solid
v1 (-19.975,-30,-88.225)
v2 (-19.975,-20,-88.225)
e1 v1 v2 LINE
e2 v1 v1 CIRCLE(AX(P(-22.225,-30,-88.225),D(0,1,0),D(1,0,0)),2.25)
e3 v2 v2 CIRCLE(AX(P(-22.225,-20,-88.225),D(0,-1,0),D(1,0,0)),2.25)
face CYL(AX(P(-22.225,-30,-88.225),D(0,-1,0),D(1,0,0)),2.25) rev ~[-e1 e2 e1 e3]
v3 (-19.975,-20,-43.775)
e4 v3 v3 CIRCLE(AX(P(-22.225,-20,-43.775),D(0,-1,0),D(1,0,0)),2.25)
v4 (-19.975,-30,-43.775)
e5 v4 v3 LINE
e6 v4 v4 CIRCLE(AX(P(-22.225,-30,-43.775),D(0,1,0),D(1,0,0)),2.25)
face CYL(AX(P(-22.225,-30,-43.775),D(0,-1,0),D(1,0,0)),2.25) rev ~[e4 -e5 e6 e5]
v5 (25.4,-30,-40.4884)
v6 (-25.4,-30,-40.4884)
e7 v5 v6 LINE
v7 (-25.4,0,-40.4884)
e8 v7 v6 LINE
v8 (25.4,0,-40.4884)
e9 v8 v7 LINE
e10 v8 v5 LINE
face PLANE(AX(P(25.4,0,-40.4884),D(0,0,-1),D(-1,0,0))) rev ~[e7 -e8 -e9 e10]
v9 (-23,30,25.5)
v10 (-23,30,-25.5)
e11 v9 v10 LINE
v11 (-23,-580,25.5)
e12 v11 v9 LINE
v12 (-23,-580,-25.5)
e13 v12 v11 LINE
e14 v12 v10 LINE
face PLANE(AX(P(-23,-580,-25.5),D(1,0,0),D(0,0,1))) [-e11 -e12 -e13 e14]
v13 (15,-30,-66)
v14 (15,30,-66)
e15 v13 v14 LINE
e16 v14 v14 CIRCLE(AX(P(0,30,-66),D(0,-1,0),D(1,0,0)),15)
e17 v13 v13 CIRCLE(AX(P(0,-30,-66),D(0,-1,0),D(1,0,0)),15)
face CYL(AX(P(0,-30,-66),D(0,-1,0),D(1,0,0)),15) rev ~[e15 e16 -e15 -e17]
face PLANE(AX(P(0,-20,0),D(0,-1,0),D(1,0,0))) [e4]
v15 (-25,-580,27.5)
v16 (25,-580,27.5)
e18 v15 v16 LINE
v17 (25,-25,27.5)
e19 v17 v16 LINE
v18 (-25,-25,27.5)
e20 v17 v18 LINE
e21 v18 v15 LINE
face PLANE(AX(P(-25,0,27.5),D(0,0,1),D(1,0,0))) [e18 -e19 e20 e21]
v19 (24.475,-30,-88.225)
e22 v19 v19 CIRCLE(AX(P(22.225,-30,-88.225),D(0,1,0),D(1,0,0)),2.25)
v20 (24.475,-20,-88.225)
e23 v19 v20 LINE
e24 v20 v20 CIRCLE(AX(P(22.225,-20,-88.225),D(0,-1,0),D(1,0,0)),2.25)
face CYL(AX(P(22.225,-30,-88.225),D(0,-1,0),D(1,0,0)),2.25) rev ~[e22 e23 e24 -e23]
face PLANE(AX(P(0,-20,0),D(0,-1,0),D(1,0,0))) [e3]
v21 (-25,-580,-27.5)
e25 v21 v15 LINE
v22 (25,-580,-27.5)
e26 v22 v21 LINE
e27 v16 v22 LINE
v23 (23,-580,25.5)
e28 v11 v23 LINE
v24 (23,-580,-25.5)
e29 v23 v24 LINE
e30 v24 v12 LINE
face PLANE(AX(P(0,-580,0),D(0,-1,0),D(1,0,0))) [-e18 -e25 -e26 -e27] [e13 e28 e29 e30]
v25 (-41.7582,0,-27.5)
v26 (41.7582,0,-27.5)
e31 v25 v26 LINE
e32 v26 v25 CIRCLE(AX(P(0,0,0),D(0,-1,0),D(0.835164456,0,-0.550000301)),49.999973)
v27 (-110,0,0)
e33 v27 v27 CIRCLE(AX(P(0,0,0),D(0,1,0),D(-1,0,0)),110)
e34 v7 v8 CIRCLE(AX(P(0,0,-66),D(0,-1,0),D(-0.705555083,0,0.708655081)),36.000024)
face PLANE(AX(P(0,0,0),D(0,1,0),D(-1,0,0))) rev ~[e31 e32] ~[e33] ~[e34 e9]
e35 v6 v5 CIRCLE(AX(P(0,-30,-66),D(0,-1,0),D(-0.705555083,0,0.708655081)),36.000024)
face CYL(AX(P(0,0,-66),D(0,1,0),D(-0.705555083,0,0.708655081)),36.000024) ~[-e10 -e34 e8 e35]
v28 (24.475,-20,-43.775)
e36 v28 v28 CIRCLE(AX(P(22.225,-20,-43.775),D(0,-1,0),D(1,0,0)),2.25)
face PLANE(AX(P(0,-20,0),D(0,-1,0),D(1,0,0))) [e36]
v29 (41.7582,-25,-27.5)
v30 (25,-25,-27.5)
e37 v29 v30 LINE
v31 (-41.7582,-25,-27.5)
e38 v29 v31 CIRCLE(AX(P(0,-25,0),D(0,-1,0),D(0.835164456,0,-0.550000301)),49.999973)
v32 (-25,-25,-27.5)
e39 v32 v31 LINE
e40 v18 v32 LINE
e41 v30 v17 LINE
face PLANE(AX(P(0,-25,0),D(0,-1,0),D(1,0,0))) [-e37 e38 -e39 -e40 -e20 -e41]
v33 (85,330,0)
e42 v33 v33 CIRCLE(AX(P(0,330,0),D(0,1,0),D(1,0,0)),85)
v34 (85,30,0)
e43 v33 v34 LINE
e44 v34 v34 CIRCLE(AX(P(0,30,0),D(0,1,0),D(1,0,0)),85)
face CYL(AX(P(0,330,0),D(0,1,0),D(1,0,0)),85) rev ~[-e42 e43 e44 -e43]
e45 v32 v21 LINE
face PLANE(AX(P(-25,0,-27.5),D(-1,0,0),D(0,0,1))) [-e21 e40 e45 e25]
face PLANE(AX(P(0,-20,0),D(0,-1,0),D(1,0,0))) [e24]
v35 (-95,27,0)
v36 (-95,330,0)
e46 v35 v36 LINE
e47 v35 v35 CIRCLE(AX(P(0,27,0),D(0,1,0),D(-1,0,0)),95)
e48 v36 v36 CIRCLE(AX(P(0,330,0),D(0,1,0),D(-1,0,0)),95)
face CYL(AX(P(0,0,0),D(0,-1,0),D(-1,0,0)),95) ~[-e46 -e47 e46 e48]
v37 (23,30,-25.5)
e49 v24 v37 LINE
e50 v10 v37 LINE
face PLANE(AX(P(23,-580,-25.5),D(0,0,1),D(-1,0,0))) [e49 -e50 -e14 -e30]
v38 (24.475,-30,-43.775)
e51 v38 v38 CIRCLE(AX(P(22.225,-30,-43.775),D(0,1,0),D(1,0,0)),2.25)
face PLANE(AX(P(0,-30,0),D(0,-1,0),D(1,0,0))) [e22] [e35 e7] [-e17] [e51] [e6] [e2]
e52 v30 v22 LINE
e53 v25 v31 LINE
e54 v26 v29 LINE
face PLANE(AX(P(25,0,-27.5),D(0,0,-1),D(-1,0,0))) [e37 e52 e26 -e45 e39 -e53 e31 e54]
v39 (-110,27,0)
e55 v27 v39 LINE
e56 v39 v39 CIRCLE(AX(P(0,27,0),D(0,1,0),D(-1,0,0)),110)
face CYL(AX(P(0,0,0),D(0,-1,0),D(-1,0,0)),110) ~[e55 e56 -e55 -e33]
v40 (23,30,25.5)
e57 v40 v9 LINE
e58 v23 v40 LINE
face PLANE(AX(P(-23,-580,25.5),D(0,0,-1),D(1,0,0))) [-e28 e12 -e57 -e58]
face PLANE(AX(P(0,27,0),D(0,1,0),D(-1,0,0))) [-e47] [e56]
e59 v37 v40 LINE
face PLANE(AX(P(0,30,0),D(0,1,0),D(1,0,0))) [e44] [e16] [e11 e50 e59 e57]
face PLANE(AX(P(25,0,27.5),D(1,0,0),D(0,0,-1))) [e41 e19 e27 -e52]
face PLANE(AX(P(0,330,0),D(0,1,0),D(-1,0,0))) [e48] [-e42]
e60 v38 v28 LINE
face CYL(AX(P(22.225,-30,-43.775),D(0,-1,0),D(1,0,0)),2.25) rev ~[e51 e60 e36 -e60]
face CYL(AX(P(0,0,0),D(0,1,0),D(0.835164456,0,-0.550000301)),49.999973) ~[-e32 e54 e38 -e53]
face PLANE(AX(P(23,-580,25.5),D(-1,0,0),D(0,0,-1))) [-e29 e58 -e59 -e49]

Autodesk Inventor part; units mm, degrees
ref_plane "YZ Plane" through (0, 0, 0) normal (1, 0, 0) x (0, 1, 0)
ref_plane "XZ Plane" through (0, 0, 0) normal (0, 1, 0) x (-1, 0, 0)
ref_plane "XY Plane" through (0, 0, 0) normal (0, 0, 1) x (1, 0, 0)
sketch "Sketch1" plane through (0, 0, 0) normal (0, 1, 0) x (-1, 0, 0)
  circle A0 centre (0, 0) radius 110
  circle A1 centre (0, 0) radius 95
  dimension "d0" = 220
  dimension "d1" = 190
extrude "Extrusion1" add sketch "Sketch1" along normal blind 330 contours A1
extrude "Extrusion2" add sketch "Sketch1" along normal blind 27
sketch "Sketch2" plane through (0, 330, 0) normal (0, 1, 0) x (1, 0, 0)
  circle A0 centre (0, 0) radius 85
  dimension "d6" = 170
extrude "Extrusion3" cut sketch "Sketch2" against normal blind 300
sketch "Sketch3" plane through (0, 0, 0) normal (0, -1, 0) x (1, 0, 0)
  arc A0 (-25.4, -40.4884) -> (25.4, -40.4884) centre (0, -66) ccw
  circle A1 centre (0, 0) radius 110 projected
  line L0 (25.4, -40.4884) -> (-25.4, -40.4884)
  line L1 (25, -27.5) -> (-25, -27.5)
  line L2 (-25, -27.5) -> (-25, 27.5)
  line L3 (-25, 27.5) -> (25, 27.5)
  line L4 (25, 27.5) -> (25, -27.5)
  line L5 (25, -27.5) -> (-25, 27.5) construction
  line L6 (-25, -27.5) -> (25, 27.5) construction
  arc A2 (41.7582, -27.5) -> (-41.7582, -27.5) centre (0, 0) ccw
  line L7 (25, -27.5) -> (41.7582, -27.5)
  line L8 (-25, -27.5) -> (-41.7582, -27.5)
  dimension "d9" = 72
  dimension "d10" = 66
  dimension "d11" = 50
  dimension "d12" = 55
  dimension "d13" = 100
extrude "Extrusion4" add sketch "Sketch3" along normal blind 25 contours L1 L2 L3 L4 | L4 L3 L2 L8 A2 L7
extrude "Extrusion5" add sketch "Sketch3" along normal blind 580 contours L1 L2 L3 L4
extrude "Extrusion6" add sketch "Sketch3" along normal blind 30 contours L0 A0
sketch "Sketch4" plane through (0, -580, 0) normal (0, -1, 0) x (1, 0, 0)
  line L0 (-25, 27.5) -> (25, 27.5) projected
  line L1 (-25, -27.5) -> (25, -27.5)
  line L2 (25, -27.5) -> (25, 27.5)
  line L3 (25, 27.5) -> (-25, 27.5)
  line L4 (-25, 27.5) -> (-25, -27.5)
  line L5 (-25, -27.5) -> (25, 27.5) construction
  line L6 (25, -27.5) -> (-25, 27.5) construction
  line L7 (23, 25.5) -> (23, -25.5)
  line L8 (23, -25.5) -> (-23, -25.5)
  line L9 (-23, -25.5) -> (-23, 25.5)
  line L10 (-23, 25.5) -> (23, 25.5)
  point P0 (0, 0)
  dimension "d20" = 2
extrude "Extrusion7" cut sketch "Sketch4" against normal through all contours L7 L8 L9 L10
sketch "Sketch5" plane through (0, -30, 0) normal (0, -1, 0) x (1, 0, 0)
  arc A0 (-25.4, -40.4884) -> (25.4, -40.4884) centre (0, -66) ccw projected
  circle A1 centre (0, -66) radius 36
  line L0 (-25.4, -40.4884) -> (25.4, -40.4884) projected
  line L1 (25.4, -40.4884) -> (-25.4, -40.4884)
  circle A2 centre (0, -66) radius 32.5
  line L2 (22.225, -43.775) -> (-22.225, -43.775)
  line L3 (-22.225, -43.775) -> (-22.225, -88.225)
  line L4 (-22.225, -88.225) -> (22.225, -88.225)
  line L5 (22.225, -88.225) -> (22.225, -43.775)
  line L6 (22.225, -43.775) -> (-22.225, -88.225) construction
  line L7 (-22.225, -43.775) -> (22.225, -88.225) construction
  circle A3 centre (-22.225, -88.225) radius 2.25
  circle A4 centre (-22.225, -43.775) radius 2.25
  circle A5 centre (22.225, -88.225) radius 2.25
  circle A6 centre (22.225, -43.775) radius 2.25
  circle A7 centre (0, -66) radius 15
  point P0 (0, 0)
  dimension "d23" = 65
  dimension "d24" = 44.45
  dimension "d25" = 4.5
  dimension "d26" = 4.5
  dimension "d27" = 4.5
  dimension "d28" = 4.5
  dimension "d29" = 30
extrude "Extrusion8" cut sketch "Sketch5" against normal blind 10 contours A4 L2 L3 A2 | A2 A4 | A6 A2 | A2 A6 L5 L2 | A4 L3 L2 | L2 L5 A6 | A3 L3 L4 A2 | A2 A3 | A3 L4 L3 | A5 A2 | A2 A5 L4 L5 | L5 L4 A5
extrude "Extrusion9" cut sketch "Sketch5" against normal through all contours A7
properties part number "Plunger"
